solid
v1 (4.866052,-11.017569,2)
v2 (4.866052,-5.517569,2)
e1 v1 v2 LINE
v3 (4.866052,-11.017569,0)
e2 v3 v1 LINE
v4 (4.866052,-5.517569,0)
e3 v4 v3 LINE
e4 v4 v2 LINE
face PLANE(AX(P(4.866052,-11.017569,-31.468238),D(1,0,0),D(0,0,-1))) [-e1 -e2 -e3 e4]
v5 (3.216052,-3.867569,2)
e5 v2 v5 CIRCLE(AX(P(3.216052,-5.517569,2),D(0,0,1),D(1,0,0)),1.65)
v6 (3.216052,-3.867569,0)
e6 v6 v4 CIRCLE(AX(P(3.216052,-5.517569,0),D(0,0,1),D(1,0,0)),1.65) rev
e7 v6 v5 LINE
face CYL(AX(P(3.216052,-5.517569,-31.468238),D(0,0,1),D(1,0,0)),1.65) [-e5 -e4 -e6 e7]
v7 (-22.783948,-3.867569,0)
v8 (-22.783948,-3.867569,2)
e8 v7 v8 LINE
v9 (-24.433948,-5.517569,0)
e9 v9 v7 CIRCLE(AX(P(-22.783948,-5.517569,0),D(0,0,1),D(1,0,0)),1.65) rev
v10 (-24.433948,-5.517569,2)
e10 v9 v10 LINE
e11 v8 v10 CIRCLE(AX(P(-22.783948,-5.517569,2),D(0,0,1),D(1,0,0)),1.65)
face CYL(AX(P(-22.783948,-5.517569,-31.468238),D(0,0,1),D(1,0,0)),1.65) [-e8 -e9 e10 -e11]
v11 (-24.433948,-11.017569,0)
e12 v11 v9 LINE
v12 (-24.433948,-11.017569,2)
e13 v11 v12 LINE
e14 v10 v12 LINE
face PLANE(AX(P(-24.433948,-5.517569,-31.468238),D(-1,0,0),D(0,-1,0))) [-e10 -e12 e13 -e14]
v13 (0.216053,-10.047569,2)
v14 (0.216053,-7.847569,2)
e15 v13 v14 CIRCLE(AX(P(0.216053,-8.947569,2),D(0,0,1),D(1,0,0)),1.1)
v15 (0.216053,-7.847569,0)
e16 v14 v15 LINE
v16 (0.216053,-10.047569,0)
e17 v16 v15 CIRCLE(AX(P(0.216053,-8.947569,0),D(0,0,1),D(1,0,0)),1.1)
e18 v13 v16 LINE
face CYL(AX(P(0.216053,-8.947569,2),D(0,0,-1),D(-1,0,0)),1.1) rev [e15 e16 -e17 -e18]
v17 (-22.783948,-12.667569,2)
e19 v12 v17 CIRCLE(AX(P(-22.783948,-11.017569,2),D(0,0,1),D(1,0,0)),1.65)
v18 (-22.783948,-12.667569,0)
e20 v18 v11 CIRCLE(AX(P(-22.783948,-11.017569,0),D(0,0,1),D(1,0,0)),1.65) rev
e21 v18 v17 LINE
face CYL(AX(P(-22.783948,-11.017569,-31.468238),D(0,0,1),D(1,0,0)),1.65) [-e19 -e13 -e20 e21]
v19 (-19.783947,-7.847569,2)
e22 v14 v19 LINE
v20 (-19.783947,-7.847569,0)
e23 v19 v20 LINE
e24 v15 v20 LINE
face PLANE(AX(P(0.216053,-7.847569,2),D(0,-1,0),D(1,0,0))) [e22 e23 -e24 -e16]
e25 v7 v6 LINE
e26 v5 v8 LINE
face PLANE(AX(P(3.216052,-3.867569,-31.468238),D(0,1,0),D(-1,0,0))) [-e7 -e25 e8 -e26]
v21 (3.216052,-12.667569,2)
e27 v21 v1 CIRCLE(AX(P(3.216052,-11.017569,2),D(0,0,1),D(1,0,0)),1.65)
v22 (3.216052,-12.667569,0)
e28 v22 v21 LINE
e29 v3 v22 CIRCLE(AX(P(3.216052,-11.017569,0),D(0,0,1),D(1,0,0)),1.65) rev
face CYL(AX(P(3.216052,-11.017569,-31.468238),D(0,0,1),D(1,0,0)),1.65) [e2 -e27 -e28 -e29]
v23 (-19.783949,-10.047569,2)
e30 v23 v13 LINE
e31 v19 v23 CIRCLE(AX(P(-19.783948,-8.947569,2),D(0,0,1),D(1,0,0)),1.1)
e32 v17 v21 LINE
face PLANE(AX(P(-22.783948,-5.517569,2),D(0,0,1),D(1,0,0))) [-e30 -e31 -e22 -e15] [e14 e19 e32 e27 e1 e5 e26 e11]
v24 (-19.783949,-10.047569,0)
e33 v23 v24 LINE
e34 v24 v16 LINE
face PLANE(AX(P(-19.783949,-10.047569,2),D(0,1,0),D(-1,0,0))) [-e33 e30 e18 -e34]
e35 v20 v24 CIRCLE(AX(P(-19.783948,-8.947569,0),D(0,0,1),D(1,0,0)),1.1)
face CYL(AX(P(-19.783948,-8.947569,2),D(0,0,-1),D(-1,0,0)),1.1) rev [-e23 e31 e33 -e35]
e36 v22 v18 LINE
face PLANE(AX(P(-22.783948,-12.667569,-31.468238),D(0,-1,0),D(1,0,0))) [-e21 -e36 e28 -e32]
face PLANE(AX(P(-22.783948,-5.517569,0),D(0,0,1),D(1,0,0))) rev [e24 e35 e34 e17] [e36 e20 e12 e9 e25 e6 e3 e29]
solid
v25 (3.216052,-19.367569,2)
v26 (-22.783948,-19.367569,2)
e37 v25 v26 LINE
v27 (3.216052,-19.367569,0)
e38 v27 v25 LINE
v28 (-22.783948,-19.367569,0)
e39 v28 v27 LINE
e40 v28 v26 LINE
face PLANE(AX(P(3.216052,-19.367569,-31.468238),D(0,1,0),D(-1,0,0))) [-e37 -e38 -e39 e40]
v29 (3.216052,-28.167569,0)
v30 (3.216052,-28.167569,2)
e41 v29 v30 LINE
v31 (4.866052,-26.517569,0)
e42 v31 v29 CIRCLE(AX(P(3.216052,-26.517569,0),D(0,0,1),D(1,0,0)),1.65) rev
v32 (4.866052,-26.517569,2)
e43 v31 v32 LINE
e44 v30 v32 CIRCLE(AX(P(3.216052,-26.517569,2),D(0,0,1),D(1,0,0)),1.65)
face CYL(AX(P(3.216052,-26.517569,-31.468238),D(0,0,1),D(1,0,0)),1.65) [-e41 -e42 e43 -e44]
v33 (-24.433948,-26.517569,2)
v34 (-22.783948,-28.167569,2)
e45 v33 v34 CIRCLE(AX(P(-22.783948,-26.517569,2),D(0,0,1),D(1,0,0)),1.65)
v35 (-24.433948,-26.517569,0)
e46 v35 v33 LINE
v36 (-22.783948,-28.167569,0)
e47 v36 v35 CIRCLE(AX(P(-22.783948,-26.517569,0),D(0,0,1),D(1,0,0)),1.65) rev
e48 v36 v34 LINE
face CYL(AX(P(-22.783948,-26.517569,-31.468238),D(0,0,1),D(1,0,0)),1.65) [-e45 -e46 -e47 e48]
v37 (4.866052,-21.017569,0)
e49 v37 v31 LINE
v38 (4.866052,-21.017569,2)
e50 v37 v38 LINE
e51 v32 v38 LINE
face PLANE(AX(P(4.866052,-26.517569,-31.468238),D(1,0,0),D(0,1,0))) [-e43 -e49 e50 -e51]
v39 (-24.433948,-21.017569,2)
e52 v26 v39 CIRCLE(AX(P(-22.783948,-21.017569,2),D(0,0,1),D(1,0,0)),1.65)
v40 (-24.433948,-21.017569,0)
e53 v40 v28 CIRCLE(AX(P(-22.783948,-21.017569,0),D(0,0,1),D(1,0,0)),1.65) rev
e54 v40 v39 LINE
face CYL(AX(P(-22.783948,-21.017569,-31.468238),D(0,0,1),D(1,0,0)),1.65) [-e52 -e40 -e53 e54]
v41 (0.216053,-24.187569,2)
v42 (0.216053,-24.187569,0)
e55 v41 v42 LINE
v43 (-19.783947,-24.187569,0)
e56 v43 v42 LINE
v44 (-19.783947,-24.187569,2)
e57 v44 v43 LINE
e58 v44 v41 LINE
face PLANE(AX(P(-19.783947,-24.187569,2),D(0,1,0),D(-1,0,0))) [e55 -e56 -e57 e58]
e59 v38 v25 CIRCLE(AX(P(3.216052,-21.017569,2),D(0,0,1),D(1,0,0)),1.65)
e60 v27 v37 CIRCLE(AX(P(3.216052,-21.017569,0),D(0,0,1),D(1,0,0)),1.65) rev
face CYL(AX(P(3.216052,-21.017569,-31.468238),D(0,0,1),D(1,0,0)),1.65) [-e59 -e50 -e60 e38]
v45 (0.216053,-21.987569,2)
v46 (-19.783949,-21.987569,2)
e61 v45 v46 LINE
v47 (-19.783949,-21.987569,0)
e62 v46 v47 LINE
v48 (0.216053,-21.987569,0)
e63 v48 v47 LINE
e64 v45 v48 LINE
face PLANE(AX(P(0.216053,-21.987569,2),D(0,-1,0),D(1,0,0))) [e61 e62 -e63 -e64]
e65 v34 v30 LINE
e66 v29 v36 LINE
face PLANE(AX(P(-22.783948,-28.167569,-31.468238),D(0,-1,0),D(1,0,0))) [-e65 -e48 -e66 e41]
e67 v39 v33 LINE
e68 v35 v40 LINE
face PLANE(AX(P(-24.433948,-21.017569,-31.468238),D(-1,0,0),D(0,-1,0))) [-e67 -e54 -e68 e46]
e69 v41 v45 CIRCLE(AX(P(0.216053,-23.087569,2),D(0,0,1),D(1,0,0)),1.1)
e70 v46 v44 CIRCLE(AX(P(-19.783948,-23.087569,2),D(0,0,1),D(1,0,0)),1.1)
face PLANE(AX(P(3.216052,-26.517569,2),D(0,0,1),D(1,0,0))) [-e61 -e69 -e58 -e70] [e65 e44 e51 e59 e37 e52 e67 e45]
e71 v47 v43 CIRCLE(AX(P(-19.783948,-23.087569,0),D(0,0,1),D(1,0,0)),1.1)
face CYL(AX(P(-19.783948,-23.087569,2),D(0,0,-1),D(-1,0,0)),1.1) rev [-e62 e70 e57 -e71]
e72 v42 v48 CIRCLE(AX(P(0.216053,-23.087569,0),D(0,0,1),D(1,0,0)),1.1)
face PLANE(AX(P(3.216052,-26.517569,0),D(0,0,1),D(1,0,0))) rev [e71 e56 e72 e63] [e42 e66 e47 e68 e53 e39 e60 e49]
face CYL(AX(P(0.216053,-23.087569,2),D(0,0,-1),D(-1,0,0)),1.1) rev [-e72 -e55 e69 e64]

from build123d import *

# Parameters (mm, degrees)
SALIENTE_EXTRUIR1_DEPTH   = 2
SALIENTE_EXTRUIR1_2_DEPTH = 2
CORTAR_EXTRUIR1_START     = -2
CORTAR_EXTRUIR1_DEPTH     = 2


with BuildPart() as part:
    # Croquis1 → Saliente-Extruir1 (new body)
    with BuildSketch(Plane.XY):
        with BuildLine():
            Line((-24.78394795, -5.517569271), (-24.78394795, -11.017569271))
            ThreePointArc((-24.78394795, -11.017569271), (-24.198161512, -12.431782834), (-22.78394795, -13.017569271))
            Line((-22.78394795, -13.017569271), (3.21605205, -13.017569271))
            ThreePointArc((3.21605205, -13.017569271), (4.630265612, -12.431782834), (5.21605205, -11.017569271))
            Line((5.21605205, -11.017569271), (5.21605205, -5.517569271))
            ThreePointArc((5.21605205, -5.517569271), (4.630265612, -4.103355709), (3.21605205, -3.517569271))
            Line((3.21605205, -3.517569271), (-22.78394795, -3.517569271))
            ThreePointArc((-22.78394795, -3.517569271), (-24.198161512, -4.103355709), (-24.78394795, -5.517569271))
        make_face()
        with BuildLine():
            Line((-19.783948841, -10.047569271), (0.216052941, -10.047569271))
            ThreePointArc((0.216052941, -10.047569271), (1.316052941, -8.947569271), (0.216052941, -7.847569271))
            Line((0.216052941, -7.847569271), (-19.783947059, -7.847569271))
            ThreePointArc((-19.783947059, -7.847569271), (-20.883947954, -8.947568381), (-19.783948841, -10.047569271))
        make_face(mode=Mode.SUBTRACT)
    extrude(amount=SALIENTE_EXTRUIR1_DEPTH)


with BuildPart() as body_2:
    # Croquis1 → Saliente-Extruir1 2 (new body)
    with BuildSketch(Plane.XY):
        with BuildLine():
            Line((5.21605205, -26.517569271), (5.21605205, -21.017569271))
            ThreePointArc((5.21605205, -21.017569271), (4.630265612, -19.603355709), (3.21605205, -19.017569271))
            Line((3.21605205, -19.017569271), (-22.78394795, -19.017569271))
            ThreePointArc((-22.78394795, -19.017569271), (-24.198161512, -19.603355709), (-24.78394795, -21.017569271))
            Line((-24.78394795, -21.017569271), (-24.78394795, -26.517569271))
            ThreePointArc((-24.78394795, -26.517569271), (-24.198161512, -27.931782834), (-22.78394795, -28.517569271))
            Line((-22.78394795, -28.517569271), (3.21605205, -28.517569271))
            ThreePointArc((3.21605205, -28.517569271), (4.630265612, -27.931782834), (5.21605205, -26.517569271))
        make_face()
        with BuildLine():
            Line((-19.783947059, -24.187569271), (0.216052941, -24.187569271))
            ThreePointArc((0.216052941, -24.187569271), (1.316052941, -23.087569271), (0.216052941, -21.987569271))
            Line((0.216052941, -21.987569271), (-19.783948841, -21.987569271))
            ThreePointArc((-19.783948841, -21.987569271), (-20.883947954, -23.087570162), (-19.783947059, -24.187569271))
        make_face(mode=Mode.SUBTRACT)
    extrude(amount=SALIENTE_EXTRUIR1_2_DEPTH)


with BuildPart() as cortar_extruir1_tool:
    # Croquis2 → Cortar-Extruir1 (new body)
    # profile 1 of 2: a face of its own
    with BuildSketch(Plane.XY.offset(2).offset(CORTAR_EXTRUIR1_START)):
        with BuildLine():
            Line((5.21605205, -26.517569271), (5.21605205, -21.017569271))
            ThreePointArc((5.21605205, -21.017569271), (4.630265612, -19.603355709), (3.21605205, -19.017569271))
            Line((3.21605205, -19.017569271), (-22.78394795, -19.017569271))
            ThreePointArc((-22.78394795, -19.017569271), (-24.198161512, -19.603355709), (-24.78394795, -21.017569271))
            Line((-24.78394795, -21.017569271), (-24.78394795, -26.517569271))
            ThreePointArc((-24.78394795, -26.517569271), (-24.198161512, -27.931782834), (-22.78394795, -28.517569271))
            Line((-22.78394795, -28.517569271), (3.21605205, -28.517569271))
            ThreePointArc((3.21605205, -28.517569271), (4.630265612, -27.931782834), (5.21605205, -26.517569271))
        make_face()
        with BuildLine():
            Line((4.86605205, -26.517569271), (4.86605205, -21.017569271))
            ThreePointArc((4.86605205, -21.017569271), (4.382778239, -19.850843082), (3.21605205, -19.367569271))
            Line((3.21605205, -19.367569271), (-22.78394795, -19.367569271))
            ThreePointArc((-22.78394795, -19.367569271), (-23.950674139, -19.850843082), (-24.43394795, -21.017569271))
            Line((-24.43394795, -21.017569271), (-24.43394795, -26.517569271))
            ThreePointArc((-24.43394795, -26.517569271), (-23.950674139, -27.68429546), (-22.78394795, -28.167569271))
            Line((-22.78394795, -28.167569271), (3.21605205, -28.167569271))
            ThreePointArc((3.21605205, -28.167569271), (4.382778239, -27.68429546), (4.86605205, -26.517569271))
        make_face(mode=Mode.SUBTRACT)
    # profile 2 of 2: a face of its own
    with BuildSketch(Plane.XY.offset(2).offset(CORTAR_EXTRUIR1_START)):
        with BuildLine():
            Line((-24.78394795, -5.517569271), (-24.78394795, -11.017569271))
            ThreePointArc((-24.78394795, -11.017569271), (-24.198161512, -12.431782834), (-22.78394795, -13.017569271))
            Line((-22.78394795, -13.017569271), (3.21605205, -13.017569271))
            ThreePointArc((3.21605205, -13.017569271), (4.630265612, -12.431782834), (5.21605205, -11.017569271))
            Line((5.21605205, -11.017569271), (5.21605205, -5.517569271))
            ThreePointArc((5.21605205, -5.517569271), (4.630265612, -4.103355709), (3.21605205, -3.517569271))
            Line((3.21605205, -3.517569271), (-22.78394795, -3.517569271))
            ThreePointArc((-22.78394795, -3.517569271), (-24.198161512, -4.103355709), (-24.78394795, -5.517569271))
        make_face()
        with BuildLine():
            Line((-24.43394795, -5.517569271), (-24.43394795, -11.017569271))
            ThreePointArc((-24.43394795, -11.017569271), (-23.950674139, -12.18429546), (-22.78394795, -12.667569271))
            Line((-22.78394795, -12.667569271), (3.21605205, -12.667569271))
            ThreePointArc((3.21605205, -12.667569271), (4.382778239, -12.18429546), (4.86605205, -11.017569271))
            Line((4.86605205, -11.017569271), (4.86605205, -5.517569271))
            ThreePointArc((4.86605205, -5.517569271), (4.382778239, -4.350843082), (3.21605205, -3.867569271))
            Line((3.21605205, -3.867569271), (-22.78394795, -3.867569271))
            ThreePointArc((-22.78394795, -3.867569271), (-23.950674139, -4.350843082), (-24.43394795, -5.517569271))
        make_face(mode=Mode.SUBTRACT)
    extrude(amount=CORTAR_EXTRUIR1_DEPTH)


with BuildPart() as part_1:
    add(part.part)

    # Cortar-Extruir1: cut by cortar_extruir1_tool
    add(cortar_extruir1_tool.part, mode=Mode.SUBTRACT)


with BuildPart() as body_2_1:
    add(body_2.part)

    # Cortar-Extruir1: cut by cortar_extruir1_tool
    add(cortar_extruir1_tool.part, mode=Mode.SUBTRACT)


solid = Compound([part_1.part, body_2_1.part])
